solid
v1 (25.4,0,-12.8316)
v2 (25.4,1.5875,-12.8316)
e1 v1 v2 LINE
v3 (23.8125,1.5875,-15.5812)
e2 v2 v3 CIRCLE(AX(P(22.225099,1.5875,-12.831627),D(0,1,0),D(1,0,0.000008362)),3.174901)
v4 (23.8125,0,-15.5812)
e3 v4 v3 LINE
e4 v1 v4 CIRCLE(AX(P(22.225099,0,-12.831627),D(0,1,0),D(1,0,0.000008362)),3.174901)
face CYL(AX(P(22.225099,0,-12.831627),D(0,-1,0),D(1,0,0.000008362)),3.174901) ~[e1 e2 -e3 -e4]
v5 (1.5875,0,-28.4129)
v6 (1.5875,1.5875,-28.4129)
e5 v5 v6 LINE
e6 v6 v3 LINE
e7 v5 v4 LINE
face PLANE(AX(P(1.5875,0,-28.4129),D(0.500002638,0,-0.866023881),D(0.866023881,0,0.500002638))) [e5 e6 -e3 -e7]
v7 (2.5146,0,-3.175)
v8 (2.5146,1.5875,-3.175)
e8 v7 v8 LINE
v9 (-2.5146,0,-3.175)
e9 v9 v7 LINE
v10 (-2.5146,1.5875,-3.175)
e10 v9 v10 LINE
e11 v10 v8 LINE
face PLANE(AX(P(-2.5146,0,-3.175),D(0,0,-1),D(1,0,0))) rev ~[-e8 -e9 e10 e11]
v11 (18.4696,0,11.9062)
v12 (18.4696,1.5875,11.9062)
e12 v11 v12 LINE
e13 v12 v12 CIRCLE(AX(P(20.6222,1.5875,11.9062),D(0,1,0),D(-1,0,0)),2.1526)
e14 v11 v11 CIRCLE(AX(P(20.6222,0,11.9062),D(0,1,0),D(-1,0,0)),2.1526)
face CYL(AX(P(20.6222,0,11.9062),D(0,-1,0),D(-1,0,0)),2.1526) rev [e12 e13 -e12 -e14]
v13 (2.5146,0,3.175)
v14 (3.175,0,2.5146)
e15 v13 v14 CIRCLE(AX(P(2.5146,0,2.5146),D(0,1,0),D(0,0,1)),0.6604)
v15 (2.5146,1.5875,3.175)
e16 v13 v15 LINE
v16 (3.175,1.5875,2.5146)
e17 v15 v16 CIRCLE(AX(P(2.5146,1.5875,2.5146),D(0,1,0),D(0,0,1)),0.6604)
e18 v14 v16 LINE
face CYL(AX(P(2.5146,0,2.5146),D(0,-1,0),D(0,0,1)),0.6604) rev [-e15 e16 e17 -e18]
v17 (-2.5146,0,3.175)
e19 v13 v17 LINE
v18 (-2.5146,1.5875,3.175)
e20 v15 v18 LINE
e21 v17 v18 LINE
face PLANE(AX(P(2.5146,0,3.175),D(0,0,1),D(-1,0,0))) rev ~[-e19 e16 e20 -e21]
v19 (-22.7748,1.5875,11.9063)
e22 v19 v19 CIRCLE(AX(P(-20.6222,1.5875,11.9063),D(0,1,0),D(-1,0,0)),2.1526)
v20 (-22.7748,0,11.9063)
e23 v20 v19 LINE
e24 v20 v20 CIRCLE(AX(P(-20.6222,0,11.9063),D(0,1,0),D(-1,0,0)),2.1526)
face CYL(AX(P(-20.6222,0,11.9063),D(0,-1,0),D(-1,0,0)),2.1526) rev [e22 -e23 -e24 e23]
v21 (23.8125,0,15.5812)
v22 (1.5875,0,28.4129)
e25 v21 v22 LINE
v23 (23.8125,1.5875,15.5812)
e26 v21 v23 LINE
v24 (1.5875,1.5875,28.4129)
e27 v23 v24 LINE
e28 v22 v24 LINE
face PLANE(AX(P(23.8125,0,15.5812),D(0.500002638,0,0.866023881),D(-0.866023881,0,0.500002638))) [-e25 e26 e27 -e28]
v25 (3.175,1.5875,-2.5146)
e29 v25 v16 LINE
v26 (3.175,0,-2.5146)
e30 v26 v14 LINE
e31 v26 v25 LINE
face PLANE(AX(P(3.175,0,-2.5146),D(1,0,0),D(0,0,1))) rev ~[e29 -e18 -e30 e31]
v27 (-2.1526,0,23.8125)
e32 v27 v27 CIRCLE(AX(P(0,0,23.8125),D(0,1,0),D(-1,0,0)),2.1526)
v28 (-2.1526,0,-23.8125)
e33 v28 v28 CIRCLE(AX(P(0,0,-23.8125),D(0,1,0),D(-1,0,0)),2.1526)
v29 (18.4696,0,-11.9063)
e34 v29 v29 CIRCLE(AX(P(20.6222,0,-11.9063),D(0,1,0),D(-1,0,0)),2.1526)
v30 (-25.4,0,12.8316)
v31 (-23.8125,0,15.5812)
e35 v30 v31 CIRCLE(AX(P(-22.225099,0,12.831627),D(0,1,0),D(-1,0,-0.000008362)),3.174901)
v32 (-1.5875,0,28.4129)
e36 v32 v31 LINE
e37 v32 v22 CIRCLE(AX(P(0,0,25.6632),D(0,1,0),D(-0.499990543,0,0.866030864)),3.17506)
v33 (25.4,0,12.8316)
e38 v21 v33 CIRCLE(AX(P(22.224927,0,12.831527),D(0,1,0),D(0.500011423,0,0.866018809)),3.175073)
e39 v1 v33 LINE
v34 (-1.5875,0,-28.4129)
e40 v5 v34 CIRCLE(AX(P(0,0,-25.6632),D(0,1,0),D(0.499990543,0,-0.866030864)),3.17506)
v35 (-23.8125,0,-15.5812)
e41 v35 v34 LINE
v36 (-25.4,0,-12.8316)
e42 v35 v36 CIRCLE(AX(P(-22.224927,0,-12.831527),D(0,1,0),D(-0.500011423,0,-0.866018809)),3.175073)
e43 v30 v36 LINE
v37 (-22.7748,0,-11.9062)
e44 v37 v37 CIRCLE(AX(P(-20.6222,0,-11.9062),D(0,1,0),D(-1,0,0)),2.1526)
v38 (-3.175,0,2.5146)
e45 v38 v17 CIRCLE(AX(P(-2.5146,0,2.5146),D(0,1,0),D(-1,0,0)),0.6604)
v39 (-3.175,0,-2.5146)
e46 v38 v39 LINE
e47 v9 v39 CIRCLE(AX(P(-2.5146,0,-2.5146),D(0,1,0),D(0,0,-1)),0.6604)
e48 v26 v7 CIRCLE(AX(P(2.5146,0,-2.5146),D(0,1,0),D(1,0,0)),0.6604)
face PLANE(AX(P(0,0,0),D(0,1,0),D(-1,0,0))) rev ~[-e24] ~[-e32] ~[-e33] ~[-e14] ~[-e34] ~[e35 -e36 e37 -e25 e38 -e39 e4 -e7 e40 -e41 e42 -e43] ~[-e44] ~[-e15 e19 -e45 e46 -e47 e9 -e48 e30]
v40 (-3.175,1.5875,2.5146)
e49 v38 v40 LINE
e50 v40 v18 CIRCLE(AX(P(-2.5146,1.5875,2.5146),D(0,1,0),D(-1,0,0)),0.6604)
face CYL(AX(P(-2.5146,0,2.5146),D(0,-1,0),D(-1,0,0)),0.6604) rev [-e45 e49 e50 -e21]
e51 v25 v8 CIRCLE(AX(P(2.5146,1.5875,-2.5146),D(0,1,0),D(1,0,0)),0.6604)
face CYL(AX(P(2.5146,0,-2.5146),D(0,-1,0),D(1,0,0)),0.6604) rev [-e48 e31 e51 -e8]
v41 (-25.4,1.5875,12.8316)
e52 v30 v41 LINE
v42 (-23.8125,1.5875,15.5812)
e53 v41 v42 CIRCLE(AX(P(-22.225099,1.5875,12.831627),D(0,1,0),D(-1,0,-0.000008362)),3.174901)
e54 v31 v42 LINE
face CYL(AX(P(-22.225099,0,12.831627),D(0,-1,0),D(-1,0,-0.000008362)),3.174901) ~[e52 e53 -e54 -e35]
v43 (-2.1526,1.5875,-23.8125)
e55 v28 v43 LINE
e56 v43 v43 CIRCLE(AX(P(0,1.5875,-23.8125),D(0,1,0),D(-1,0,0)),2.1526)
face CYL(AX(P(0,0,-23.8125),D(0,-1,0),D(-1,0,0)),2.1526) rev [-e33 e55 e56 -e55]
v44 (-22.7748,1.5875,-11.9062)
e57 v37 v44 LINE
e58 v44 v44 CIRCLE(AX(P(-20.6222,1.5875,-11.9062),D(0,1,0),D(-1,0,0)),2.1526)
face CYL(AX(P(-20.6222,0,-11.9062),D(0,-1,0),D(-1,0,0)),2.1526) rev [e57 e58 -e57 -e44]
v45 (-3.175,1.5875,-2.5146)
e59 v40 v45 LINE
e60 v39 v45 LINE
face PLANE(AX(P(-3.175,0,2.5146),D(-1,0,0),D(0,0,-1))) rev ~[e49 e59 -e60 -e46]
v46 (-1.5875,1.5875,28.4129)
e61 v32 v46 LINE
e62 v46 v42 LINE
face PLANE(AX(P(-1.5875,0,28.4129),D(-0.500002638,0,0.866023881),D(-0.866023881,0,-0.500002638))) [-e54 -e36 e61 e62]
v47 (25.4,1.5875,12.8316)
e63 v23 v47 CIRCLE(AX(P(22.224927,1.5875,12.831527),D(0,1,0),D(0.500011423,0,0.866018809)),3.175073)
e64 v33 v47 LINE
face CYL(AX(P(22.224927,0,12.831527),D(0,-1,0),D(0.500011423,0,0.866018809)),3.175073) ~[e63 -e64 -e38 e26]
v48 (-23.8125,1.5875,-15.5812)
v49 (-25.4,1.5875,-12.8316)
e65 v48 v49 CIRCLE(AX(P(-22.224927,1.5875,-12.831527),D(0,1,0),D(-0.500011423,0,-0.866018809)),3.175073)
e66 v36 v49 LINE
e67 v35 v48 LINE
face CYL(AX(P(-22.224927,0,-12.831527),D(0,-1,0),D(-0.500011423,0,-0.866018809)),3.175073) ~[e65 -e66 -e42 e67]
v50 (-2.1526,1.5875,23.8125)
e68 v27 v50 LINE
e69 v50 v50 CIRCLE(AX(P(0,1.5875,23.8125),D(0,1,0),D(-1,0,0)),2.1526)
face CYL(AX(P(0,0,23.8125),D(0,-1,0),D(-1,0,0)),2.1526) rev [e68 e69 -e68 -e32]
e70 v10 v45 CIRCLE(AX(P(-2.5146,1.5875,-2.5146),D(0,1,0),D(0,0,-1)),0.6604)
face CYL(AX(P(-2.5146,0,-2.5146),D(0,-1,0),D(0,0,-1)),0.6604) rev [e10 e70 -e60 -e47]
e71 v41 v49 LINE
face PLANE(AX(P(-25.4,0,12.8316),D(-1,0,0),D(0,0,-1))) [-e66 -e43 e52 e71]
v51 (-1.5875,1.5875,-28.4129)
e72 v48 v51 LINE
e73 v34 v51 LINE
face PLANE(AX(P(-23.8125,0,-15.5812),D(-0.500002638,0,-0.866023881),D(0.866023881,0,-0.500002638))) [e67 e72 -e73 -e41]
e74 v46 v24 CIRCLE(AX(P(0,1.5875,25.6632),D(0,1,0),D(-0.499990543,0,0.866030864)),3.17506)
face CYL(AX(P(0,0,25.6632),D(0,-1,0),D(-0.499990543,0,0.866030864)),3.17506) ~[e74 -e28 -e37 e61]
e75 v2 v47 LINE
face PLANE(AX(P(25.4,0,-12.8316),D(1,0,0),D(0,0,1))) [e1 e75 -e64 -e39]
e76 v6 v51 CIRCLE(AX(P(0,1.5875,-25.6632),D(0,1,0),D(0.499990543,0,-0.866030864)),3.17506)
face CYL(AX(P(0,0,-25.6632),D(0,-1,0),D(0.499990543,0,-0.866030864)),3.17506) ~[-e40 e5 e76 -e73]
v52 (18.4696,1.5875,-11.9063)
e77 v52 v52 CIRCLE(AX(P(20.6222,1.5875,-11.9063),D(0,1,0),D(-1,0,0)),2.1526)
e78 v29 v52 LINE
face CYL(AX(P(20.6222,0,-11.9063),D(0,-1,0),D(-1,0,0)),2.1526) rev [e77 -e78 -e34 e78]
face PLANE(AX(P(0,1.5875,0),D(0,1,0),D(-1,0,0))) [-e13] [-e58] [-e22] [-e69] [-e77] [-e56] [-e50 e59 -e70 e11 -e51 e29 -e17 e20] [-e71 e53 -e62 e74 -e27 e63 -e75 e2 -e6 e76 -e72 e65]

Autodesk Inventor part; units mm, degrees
ref_plane "YZ Plane" through (0, 0, 0) normal (1, 0, 0) x (0, 1, 0)
ref_plane "XZ Plane" through (0, 0, 0) normal (0, 1, 0) x (-1, 0, 0)
ref_plane "XY Plane" through (0, 0, 0) normal (0, 0, 1) x (1, 0, 0)
sketch "Sketch1" plane through (0, 0, 0) normal (0, 1, 0) x (-1, 0, 0)
  circle A0 centre (-20.6222, -11.9063) radius 2.1526
  line L0 (1.5875, 28.4129) -> (23.8125, 15.5812)
  line L1 (25.4, 12.8316) -> (25.4, -12.8316)
  line L2 (23.8125, -15.5812) -> (1.5875, -28.4129)
  line L3 (-1.5875, -28.4129) -> (-23.8125, -15.5812)
  line L4 (-25.4, -12.8316) -> (-25.4, 12.8316)
  line L5 (-23.8125, 15.5812) -> (-1.5875, 28.4129)
  arc A1 (-23.8125, 15.5812) -> (-25.4, 12.8316) centre (-22.225, 12.8316) ccw
  arc A2 (1.5875, 28.4129) -> (-1.5875, 28.4129) centre (0, 25.6632) ccw
  arc A3 (25.4, 12.8316) -> (23.8125, 15.5812) centre (22.225, 12.8316) ccw
  arc A4 (23.8125, -15.5812) -> (25.4, -12.8316) centre (22.225, -12.8316) ccw
  arc A5 (-25.4, -12.8316) -> (-23.8125, -15.5812) centre (-22.225, -12.8316) ccw
  arc A6 (-1.5875, -28.4129) -> (1.5875, -28.4129) centre (0, -25.6632) ccw
  line L6 (2.5146, -3.175) -> (-2.5146, -3.175)
  line L7 (-3.175, -2.5146) -> (-3.175, 2.5146)
  line L8 (-2.5146, 3.175) -> (2.5146, 3.175)
  line L9 (3.175, 2.5146) -> (3.175, -2.5146)
  line L10 (3.175, -3.175) -> (-3.175, 3.175) construction
  line L11 (-3.175, -3.175) -> (3.175, 3.175) construction
  arc A7 (-2.5146, 3.175) -> (-3.175, 2.5146) centre (-2.5146, 2.5146) ccw
  arc A8 (3.175, 2.5146) -> (2.5146, 3.175) centre (2.5146, 2.5146) ccw
  arc A9 (-3.175, -2.5146) -> (-2.5146, -3.175) centre (-2.5146, -2.5146) ccw
  arc A10 (2.5146, -3.175) -> (3.175, -2.5146) centre (2.5146, -2.5146) ccw
  circle A11 centre (-20.6222, -11.9063) radius 2.1526
  circle A12 centre (0, -23.8125) radius 2.1526
  circle A13 centre (20.6222, -11.9062) radius 2.1526
  circle A14 centre (0, 23.8125) radius 2.1526
  circle A15 centre (20.6222, 11.9063) radius 2.1526
  circle A16 centre (-20.6222, 11.9062) radius 2.1526
  point P0 (0, 0)
  point P1 (0, 29.3294)
  point P2 (25.4, 14.6647)
  point P3 (25.4, -14.6647)
  point P4 (0, -29.3294)
  point P5 (-25.4, -14.6647)
  point P6 (-25.4, 14.6647)
  point P7 (0, 0)
  dimension "d0" = 3.175
  dimension "d1" = 3.175
  dimension "d2" = 6.35
  dimension "d3" = 6.35
extrude "Extrusion1" add sketch "Sketch1" along normal blind 1.5875
properties part number "Flex wheel mount polycarb" material "Polycarbonate, Clear"
